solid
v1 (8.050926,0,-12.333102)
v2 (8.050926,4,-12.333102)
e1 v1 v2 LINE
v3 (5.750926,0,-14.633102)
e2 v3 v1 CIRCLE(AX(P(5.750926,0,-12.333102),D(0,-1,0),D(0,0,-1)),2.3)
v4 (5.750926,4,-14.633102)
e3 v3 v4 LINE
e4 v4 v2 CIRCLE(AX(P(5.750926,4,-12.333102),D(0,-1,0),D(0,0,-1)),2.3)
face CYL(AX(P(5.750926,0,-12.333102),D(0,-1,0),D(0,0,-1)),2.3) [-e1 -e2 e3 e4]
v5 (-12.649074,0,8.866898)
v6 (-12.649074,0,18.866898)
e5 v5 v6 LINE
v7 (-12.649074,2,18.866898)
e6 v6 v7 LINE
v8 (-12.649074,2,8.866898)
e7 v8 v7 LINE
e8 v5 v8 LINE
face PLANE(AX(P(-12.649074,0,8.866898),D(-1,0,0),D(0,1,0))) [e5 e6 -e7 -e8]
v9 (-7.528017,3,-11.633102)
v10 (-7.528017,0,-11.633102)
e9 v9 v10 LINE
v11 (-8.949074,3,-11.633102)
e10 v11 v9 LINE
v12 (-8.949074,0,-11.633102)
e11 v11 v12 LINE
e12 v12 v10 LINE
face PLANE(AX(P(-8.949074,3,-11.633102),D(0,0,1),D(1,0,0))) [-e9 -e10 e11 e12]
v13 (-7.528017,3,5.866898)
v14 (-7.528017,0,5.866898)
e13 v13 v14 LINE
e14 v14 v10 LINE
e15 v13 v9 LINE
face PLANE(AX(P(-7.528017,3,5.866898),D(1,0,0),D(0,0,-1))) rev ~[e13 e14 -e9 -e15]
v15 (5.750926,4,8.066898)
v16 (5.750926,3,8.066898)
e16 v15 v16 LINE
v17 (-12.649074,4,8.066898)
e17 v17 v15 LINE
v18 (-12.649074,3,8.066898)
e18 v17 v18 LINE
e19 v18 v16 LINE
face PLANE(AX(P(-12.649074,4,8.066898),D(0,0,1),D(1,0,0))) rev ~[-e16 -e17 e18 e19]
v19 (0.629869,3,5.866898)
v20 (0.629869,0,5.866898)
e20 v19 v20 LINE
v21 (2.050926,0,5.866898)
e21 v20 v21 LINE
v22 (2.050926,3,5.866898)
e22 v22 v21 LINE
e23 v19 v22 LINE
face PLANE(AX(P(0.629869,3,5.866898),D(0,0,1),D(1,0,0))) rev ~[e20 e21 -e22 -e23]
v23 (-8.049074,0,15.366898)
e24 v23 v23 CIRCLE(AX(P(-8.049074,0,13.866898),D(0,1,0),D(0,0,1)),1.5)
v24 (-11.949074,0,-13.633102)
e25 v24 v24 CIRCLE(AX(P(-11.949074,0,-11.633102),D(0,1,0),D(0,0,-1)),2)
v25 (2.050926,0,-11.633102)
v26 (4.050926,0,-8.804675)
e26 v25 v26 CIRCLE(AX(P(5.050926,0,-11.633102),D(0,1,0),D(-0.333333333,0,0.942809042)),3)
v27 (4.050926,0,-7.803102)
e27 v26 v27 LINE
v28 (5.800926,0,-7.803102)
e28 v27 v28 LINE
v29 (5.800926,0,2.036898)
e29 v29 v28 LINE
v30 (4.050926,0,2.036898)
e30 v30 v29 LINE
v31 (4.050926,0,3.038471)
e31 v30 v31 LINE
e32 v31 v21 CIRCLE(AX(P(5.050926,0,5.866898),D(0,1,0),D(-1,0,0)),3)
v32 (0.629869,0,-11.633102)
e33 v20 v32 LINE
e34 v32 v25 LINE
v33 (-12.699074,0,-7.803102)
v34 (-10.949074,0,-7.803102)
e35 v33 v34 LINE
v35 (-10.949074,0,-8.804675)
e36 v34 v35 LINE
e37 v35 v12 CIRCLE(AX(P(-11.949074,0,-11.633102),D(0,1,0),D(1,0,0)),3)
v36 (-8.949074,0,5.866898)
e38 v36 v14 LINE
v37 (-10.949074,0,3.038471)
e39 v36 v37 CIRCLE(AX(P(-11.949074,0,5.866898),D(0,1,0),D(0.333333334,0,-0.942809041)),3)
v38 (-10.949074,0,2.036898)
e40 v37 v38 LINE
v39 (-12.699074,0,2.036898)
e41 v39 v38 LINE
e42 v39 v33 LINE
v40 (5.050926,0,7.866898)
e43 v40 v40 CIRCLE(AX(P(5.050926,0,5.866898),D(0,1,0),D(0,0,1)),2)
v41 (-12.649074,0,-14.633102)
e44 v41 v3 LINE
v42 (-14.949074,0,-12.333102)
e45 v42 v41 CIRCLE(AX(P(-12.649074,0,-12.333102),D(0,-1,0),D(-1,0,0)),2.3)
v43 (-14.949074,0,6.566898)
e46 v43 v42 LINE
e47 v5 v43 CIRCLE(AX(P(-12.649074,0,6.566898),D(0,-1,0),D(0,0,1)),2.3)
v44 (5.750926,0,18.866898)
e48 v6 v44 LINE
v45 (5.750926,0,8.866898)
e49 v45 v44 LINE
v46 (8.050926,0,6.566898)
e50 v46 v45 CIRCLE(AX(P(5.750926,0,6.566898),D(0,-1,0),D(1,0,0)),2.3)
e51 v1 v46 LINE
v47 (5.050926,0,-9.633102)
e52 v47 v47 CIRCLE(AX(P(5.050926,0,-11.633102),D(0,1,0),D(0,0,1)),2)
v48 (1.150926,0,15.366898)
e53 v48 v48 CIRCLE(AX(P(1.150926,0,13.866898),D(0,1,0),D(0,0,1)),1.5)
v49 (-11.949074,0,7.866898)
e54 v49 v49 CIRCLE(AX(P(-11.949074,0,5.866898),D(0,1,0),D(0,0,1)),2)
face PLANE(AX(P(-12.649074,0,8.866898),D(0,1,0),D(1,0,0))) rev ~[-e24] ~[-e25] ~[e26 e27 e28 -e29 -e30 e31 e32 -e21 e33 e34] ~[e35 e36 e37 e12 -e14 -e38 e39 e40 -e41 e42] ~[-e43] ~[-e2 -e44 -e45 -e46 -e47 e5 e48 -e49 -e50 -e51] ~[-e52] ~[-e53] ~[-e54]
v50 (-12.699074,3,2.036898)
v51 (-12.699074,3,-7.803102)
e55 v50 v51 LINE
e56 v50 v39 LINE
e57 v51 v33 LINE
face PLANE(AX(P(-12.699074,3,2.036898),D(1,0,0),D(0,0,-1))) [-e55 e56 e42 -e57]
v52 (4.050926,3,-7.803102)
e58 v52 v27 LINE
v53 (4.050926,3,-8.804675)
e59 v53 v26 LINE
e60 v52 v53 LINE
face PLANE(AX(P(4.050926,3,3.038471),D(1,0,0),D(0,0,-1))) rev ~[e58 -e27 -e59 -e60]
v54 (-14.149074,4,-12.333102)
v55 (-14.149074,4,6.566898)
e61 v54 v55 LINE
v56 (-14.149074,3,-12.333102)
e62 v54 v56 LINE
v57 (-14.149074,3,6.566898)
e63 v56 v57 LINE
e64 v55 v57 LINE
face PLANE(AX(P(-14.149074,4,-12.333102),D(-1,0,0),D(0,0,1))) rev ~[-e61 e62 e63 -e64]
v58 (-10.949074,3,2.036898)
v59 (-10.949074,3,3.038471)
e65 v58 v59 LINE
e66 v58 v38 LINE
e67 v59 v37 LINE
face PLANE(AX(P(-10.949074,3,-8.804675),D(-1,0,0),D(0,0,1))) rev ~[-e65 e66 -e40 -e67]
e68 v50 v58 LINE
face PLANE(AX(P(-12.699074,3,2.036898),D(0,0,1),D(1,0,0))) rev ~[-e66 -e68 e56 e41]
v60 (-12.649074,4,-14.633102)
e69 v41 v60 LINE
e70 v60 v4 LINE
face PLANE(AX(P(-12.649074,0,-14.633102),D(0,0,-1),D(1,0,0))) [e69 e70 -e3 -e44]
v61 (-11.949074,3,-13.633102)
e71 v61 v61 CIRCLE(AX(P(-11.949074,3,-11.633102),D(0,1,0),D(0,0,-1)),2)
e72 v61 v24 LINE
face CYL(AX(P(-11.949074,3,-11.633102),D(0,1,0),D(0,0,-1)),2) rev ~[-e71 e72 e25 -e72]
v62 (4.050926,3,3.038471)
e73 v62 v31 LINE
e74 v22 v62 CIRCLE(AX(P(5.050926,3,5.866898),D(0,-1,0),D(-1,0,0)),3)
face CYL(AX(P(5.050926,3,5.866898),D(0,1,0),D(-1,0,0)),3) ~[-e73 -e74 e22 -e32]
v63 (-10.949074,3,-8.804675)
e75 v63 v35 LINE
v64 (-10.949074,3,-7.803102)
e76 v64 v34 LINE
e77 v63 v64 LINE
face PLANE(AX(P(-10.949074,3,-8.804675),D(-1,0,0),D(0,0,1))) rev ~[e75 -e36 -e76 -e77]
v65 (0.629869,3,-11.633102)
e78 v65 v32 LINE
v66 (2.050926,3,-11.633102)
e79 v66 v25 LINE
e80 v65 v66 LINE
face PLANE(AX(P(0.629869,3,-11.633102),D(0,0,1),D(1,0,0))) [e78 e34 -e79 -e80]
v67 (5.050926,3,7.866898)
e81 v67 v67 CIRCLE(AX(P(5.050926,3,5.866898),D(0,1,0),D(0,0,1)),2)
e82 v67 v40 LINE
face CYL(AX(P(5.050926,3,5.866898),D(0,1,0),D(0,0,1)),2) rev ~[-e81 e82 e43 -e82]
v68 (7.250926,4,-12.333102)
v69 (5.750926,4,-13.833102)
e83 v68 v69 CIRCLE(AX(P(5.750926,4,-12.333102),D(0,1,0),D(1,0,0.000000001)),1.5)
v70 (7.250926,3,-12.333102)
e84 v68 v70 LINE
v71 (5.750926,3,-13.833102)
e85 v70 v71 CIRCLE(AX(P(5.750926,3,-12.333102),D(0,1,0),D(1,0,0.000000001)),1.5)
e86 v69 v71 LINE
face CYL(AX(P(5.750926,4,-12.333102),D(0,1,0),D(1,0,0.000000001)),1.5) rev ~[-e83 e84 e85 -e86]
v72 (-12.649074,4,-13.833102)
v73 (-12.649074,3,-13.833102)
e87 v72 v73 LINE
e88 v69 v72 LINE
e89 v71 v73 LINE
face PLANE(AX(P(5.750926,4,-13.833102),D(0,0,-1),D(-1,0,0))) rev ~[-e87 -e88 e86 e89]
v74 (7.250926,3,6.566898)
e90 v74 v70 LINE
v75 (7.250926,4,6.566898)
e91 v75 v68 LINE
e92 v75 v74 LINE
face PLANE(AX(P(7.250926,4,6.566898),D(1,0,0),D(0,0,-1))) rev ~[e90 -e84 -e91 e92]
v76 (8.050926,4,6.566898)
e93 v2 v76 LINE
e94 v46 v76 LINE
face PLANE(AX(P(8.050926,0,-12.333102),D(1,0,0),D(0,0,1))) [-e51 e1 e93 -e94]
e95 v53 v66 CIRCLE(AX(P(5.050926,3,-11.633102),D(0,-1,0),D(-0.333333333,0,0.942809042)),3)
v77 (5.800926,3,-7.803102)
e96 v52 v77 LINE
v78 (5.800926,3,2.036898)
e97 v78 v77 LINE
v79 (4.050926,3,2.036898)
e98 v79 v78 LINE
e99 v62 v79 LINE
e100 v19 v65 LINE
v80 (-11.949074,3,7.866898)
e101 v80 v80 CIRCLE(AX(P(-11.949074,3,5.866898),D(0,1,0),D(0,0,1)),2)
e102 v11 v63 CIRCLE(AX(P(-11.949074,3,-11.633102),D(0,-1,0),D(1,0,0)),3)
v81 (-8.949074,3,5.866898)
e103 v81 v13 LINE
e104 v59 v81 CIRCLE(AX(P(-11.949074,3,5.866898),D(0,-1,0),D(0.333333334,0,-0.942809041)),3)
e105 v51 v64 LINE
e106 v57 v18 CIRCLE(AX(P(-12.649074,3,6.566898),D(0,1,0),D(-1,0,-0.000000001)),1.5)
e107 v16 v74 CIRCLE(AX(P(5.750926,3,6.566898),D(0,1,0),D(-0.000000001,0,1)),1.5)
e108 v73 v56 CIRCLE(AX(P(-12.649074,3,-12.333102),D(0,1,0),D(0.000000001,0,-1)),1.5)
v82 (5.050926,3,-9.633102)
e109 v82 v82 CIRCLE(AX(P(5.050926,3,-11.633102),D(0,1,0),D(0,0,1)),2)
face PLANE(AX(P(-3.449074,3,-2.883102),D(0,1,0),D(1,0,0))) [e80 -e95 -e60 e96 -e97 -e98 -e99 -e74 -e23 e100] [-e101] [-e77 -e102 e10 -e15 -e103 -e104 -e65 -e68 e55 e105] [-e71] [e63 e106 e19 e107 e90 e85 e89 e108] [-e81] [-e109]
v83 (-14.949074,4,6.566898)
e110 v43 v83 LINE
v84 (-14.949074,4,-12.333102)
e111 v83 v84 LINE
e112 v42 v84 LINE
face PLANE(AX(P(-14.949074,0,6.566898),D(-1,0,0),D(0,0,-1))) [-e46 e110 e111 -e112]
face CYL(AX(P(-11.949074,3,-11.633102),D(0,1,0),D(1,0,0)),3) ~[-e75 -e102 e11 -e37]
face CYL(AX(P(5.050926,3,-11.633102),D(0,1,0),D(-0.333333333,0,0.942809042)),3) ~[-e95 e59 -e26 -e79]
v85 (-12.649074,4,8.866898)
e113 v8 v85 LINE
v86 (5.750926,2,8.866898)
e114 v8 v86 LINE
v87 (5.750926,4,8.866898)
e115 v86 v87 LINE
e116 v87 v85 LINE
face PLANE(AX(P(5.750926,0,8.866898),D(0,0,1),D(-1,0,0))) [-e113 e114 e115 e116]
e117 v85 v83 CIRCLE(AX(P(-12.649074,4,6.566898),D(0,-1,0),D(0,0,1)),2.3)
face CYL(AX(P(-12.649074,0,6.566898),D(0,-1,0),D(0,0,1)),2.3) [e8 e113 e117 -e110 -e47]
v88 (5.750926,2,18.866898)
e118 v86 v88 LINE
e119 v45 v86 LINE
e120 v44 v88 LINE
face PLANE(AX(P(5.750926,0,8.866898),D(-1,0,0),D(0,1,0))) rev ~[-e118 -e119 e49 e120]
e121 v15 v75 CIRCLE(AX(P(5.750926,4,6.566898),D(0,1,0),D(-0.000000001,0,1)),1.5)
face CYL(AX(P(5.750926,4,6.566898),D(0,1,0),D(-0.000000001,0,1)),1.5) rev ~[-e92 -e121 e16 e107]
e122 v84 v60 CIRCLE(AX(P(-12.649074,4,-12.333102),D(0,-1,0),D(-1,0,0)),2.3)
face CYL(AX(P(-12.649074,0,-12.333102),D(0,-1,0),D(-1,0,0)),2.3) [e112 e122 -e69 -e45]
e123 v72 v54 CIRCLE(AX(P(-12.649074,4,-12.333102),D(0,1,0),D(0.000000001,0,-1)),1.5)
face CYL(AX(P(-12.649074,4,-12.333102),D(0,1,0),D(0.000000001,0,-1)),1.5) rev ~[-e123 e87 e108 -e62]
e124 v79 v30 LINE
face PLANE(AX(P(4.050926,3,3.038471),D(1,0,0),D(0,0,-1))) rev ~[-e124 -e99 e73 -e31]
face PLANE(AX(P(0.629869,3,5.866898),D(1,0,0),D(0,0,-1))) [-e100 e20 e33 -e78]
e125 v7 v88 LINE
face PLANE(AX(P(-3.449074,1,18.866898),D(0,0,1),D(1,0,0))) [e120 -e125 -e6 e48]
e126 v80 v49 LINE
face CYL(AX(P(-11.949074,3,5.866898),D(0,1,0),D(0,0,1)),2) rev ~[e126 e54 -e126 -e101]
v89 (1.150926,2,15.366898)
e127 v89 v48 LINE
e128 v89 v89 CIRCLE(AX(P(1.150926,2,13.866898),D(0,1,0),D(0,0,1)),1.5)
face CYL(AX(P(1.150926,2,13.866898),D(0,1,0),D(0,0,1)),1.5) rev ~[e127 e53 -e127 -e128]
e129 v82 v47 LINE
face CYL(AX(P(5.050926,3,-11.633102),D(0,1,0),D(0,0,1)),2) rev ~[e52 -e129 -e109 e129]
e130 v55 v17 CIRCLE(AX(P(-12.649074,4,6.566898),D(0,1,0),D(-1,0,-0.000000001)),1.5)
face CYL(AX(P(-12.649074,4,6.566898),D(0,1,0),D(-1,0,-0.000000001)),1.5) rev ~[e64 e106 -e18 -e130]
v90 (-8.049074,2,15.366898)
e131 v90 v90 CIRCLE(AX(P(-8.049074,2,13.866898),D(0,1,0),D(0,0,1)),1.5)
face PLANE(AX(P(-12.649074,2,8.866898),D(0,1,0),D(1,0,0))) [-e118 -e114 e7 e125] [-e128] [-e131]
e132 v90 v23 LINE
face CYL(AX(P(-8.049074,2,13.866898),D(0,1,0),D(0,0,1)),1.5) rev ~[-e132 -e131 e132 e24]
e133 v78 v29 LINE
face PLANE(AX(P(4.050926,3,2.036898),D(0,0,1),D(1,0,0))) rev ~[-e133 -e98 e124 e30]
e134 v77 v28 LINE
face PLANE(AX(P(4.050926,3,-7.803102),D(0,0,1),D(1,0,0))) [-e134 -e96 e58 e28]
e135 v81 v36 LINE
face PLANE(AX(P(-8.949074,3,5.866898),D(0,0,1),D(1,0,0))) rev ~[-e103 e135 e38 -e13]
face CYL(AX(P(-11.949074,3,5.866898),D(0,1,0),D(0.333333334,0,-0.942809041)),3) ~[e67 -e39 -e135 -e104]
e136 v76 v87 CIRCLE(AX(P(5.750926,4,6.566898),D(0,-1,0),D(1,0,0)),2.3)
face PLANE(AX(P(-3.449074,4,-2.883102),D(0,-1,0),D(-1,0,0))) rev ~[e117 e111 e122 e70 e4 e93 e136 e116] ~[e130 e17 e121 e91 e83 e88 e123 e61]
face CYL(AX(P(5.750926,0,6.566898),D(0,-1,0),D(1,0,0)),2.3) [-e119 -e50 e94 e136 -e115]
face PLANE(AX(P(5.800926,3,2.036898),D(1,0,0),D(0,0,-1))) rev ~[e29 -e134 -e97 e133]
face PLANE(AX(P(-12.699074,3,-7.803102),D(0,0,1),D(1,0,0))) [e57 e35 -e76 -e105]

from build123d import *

# Parameters (mm, degrees)
BOSS_EXTRUDE1_DEPTH = 4
CUT_EXTRUDE2_DEPTH  = 1
SKETCH5_R           = 2
CUT_EXTRUDE3_DEPTH  = 22.132971525
CUT_EXTRUDE4_DEPTH  = 22.132971525
SKETCH7_W           = 18.4
SKETCH7_H           = 2
BOSS_EXTRUDE2_DEPTH = 10
SKETCH8_R           = 1.5
CUT_EXTRUDE5_DEPTH  = 25.154392176
CUT_EXTRUDE6_DEPTH  = 1
SKETCH11_W          = 1.421057218
SKETCH11_H          = 17.5
SKETCH11_W_2        = 1.75
SKETCH11_H_2        = 9.84
CUT_EXTRUDE7_DEPTH  = 25.257672217


with BuildPart() as part:
    # Sketch1 → Boss-Extrude1 (new body)
    with BuildSketch(Plane(origin=(0, 0, 0), x_dir=(1, 0, 0), z_dir=(0, 1, 0))):
        with BuildLine():
            Line((-12.649074074, 14.633101852), (5.750925926, 14.633101852))
            ThreePointArc((5.750925926, 14.633101852), (7.377271523, 13.959447449), (8.050925926, 12.333101852))
            Line((8.050925926, 12.333101852), (8.050925926, -6.566898148))
            ThreePointArc((8.050925926, -6.566898148), (7.377271523, -8.193243745), (5.750925926, -8.866898148))
            Line((5.750925926, -8.866898148), (-12.649074074, -8.866898148))
            ThreePointArc((-12.649074074, -8.866898148), (-14.275419671, -8.193243745), (-14.949074074, -6.566898148))
            Line((-14.949074074, -6.566898148), (-14.949074074, 12.333101852))
            ThreePointArc((-14.949074074, 12.333101852), (-14.275419671, 13.959447449), (-12.649074074, 14.633101852))
        make_face()
    extrude(amount=BOSS_EXTRUDE1_DEPTH)

    # Sketch2 → Cut-Extrude2 (cut)
    with BuildSketch(Plane(origin=(0, 4, 0), x_dir=(1, 0, 0), z_dir=(0, 1, 0))):
        with BuildLine():
            Line((5.750925926, 13.633101852), (-12.649074074, 13.633101852))
            ThreePointArc((-12.649074074, 13.633101852), (-13.56831289, 13.252340667), (-13.949074074, 12.333101852))
            Line((-13.949074074, 12.333101852), (-13.949074074, -6.566898148))
            ThreePointArc((-13.949074074, -6.566898148), (-13.56831289, -7.486136964), (-12.649074074, -7.866898148))
            Line((-12.649074074, -7.866898148), (5.750925926, -7.866898148))
            ThreePointArc((5.750925926, -7.866898148), (6.670164741, -7.486136964), (7.050925926, -6.566898148))
            Line((7.050925926, -6.566898148), (7.050925926, 12.333101852))
            ThreePointArc((7.050925926, 12.333101852), (6.670164741, 13.252340667), (5.750925926, 13.633101852))
        make_face()
    extrude(amount=-CUT_EXTRUDE2_DEPTH, mode=Mode.SUBTRACT)

    # Sketch5 → Cut-Extrude3 (cut, through all)
    with BuildSketch(Plane(origin=(0, 3, 0), x_dir=(1, 0, 0), z_dir=(0, 1, 0))):
        with Locations(Location((5.050925926, 11.633101852, 0), (0, 0, 270))):
            Circle(SKETCH5_R)
        with Locations(Location((5.050925926, -5.866898148, 0), (0, 0, 270))):
            Circle(SKETCH5_R)
        with Locations(Location((-11.949074074, -5.866898148, 0), (0, 0, 270))):
            Circle(SKETCH5_R)
        with Locations(Location((-11.949074074, 11.633101852, 0), (0, 0, 90))):
            Circle(SKETCH5_R)
    extrude(amount=-CUT_EXTRUDE3_DEPTH, mode=Mode.SUBTRACT)

    # Sketch6 → Cut-Extrude4 (cut, through all)
    with BuildSketch(Plane(origin=(0, 3, 0), x_dir=(1, 0, 0), z_dir=(0, 1, 0))):
        with BuildLine():
            Line((4.050925926, -3.038471023), (4.050925926, 8.804674727))
            ThreePointArc((4.050925926, 8.804674727), (2.601436183, 9.901051044), (2.050925926, 11.633101852))
            Line((2.050925926, 11.633101852), (2.050925926, -5.866898148))
            ThreePointArc((2.050925926, -5.866898148), (2.601436183, -4.134847341), (4.050925926, -3.038471023))
        make_face()
        with BuildLine():
            Line((-10.949074074, 8.804674727), (-10.949074074, -3.038471023))
            ThreePointArc((-10.949074074, -3.038471023), (-9.499584331, -4.134847341), (-8.949074074, -5.866898148))
            Line((-8.949074074, -5.866898148), (-8.949074074, 11.633101852))
            ThreePointArc((-8.949074074, 11.633101852), (-9.499584331, 9.901051044), (-10.949074074, 8.804674727))
        make_face()
    extrude(amount=-CUT_EXTRUDE4_DEPTH, mode=Mode.SUBTRACT)

    # Sketch7 → Boss-Extrude2 (add)
    with BuildSketch(Plane.XY.offset(8.866898148)):
        with Locations((-3.449074074, 1)):
            Rectangle(SKETCH7_W, SKETCH7_H)
    extrude(amount=BOSS_EXTRUDE2_DEPTH)

    # Sketch8 → Cut-Extrude5 (cut, through all)
    with BuildSketch(Plane(origin=(0, 2, 0), x_dir=(1, 0, 0), z_dir=(0, 1, 0))):
        with Locations(Location((1.150925926, -13.866898148, 0), (0, 0, 270))):
            Circle(SKETCH8_R)
        with Locations(Location((-8.049074074, -13.866898148, 0), (0, 0, 270))):
            Circle(SKETCH8_R)
    extrude(amount=-CUT_EXTRUDE5_DEPTH, mode=Mode.SUBTRACT)

    # Sketch9 → Cut-Extrude6 (cut)
    with BuildSketch(Plane(origin=(0, 4, 0), x_dir=(1, 0, 0), z_dir=(0, 1, 0))):
        with BuildLine():
            Line((5.750925926, 13.833101852), (-12.649074074, 13.833101852))
            ThreePointArc((-12.649074074, 13.833101852), (-13.709734246, 13.393762024), (-14.149074074, 12.333101852))
            Line((-14.149074074, 12.333101852), (-14.149074074, -6.566898148))
            ThreePointArc((-14.149074074, -6.566898148), (-13.709734246, -7.62755832), (-12.649074074, -8.066898148))
            Line((-12.649074074, -8.066898148), (5.750925926, -8.066898148))
            ThreePointArc((5.750925926, -8.066898148), (6.811586098, -7.62755832), (7.250925926, -6.566898148))
            Line((7.250925926, -6.566898148), (7.250925926, 12.333101852))
            ThreePointArc((7.250925926, 12.333101852), (6.811586098, 13.393762024), (5.750925926, 13.833101852))
        make_face()
    extrude(amount=-CUT_EXTRUDE6_DEPTH, mode=Mode.SUBTRACT)

    # Sketch11 → Cut-Extrude7 (cut, through all)
    with BuildSketch(Plane(origin=(0, 3, 0), x_dir=(1, 0, 0), z_dir=(0, 1, 0))):
        with Locations((-8.238545465, 2.883101852)):
            Rectangle(SKETCH11_W, SKETCH11_H)
        with Locations((1.340397317, 2.883101852)):
            Rectangle(SKETCH11_W, SKETCH11_H)
        with Locations((-11.824074074, 2.883101852)):
            Rectangle(SKETCH11_W_2, SKETCH11_H_2)
        with Locations((4.925925926, 2.883101852)):
            Rectangle(SKETCH11_W_2, SKETCH11_H_2)
    extrude(amount=-CUT_EXTRUDE7_DEPTH, mode=Mode.SUBTRACT)


solid = part.part
